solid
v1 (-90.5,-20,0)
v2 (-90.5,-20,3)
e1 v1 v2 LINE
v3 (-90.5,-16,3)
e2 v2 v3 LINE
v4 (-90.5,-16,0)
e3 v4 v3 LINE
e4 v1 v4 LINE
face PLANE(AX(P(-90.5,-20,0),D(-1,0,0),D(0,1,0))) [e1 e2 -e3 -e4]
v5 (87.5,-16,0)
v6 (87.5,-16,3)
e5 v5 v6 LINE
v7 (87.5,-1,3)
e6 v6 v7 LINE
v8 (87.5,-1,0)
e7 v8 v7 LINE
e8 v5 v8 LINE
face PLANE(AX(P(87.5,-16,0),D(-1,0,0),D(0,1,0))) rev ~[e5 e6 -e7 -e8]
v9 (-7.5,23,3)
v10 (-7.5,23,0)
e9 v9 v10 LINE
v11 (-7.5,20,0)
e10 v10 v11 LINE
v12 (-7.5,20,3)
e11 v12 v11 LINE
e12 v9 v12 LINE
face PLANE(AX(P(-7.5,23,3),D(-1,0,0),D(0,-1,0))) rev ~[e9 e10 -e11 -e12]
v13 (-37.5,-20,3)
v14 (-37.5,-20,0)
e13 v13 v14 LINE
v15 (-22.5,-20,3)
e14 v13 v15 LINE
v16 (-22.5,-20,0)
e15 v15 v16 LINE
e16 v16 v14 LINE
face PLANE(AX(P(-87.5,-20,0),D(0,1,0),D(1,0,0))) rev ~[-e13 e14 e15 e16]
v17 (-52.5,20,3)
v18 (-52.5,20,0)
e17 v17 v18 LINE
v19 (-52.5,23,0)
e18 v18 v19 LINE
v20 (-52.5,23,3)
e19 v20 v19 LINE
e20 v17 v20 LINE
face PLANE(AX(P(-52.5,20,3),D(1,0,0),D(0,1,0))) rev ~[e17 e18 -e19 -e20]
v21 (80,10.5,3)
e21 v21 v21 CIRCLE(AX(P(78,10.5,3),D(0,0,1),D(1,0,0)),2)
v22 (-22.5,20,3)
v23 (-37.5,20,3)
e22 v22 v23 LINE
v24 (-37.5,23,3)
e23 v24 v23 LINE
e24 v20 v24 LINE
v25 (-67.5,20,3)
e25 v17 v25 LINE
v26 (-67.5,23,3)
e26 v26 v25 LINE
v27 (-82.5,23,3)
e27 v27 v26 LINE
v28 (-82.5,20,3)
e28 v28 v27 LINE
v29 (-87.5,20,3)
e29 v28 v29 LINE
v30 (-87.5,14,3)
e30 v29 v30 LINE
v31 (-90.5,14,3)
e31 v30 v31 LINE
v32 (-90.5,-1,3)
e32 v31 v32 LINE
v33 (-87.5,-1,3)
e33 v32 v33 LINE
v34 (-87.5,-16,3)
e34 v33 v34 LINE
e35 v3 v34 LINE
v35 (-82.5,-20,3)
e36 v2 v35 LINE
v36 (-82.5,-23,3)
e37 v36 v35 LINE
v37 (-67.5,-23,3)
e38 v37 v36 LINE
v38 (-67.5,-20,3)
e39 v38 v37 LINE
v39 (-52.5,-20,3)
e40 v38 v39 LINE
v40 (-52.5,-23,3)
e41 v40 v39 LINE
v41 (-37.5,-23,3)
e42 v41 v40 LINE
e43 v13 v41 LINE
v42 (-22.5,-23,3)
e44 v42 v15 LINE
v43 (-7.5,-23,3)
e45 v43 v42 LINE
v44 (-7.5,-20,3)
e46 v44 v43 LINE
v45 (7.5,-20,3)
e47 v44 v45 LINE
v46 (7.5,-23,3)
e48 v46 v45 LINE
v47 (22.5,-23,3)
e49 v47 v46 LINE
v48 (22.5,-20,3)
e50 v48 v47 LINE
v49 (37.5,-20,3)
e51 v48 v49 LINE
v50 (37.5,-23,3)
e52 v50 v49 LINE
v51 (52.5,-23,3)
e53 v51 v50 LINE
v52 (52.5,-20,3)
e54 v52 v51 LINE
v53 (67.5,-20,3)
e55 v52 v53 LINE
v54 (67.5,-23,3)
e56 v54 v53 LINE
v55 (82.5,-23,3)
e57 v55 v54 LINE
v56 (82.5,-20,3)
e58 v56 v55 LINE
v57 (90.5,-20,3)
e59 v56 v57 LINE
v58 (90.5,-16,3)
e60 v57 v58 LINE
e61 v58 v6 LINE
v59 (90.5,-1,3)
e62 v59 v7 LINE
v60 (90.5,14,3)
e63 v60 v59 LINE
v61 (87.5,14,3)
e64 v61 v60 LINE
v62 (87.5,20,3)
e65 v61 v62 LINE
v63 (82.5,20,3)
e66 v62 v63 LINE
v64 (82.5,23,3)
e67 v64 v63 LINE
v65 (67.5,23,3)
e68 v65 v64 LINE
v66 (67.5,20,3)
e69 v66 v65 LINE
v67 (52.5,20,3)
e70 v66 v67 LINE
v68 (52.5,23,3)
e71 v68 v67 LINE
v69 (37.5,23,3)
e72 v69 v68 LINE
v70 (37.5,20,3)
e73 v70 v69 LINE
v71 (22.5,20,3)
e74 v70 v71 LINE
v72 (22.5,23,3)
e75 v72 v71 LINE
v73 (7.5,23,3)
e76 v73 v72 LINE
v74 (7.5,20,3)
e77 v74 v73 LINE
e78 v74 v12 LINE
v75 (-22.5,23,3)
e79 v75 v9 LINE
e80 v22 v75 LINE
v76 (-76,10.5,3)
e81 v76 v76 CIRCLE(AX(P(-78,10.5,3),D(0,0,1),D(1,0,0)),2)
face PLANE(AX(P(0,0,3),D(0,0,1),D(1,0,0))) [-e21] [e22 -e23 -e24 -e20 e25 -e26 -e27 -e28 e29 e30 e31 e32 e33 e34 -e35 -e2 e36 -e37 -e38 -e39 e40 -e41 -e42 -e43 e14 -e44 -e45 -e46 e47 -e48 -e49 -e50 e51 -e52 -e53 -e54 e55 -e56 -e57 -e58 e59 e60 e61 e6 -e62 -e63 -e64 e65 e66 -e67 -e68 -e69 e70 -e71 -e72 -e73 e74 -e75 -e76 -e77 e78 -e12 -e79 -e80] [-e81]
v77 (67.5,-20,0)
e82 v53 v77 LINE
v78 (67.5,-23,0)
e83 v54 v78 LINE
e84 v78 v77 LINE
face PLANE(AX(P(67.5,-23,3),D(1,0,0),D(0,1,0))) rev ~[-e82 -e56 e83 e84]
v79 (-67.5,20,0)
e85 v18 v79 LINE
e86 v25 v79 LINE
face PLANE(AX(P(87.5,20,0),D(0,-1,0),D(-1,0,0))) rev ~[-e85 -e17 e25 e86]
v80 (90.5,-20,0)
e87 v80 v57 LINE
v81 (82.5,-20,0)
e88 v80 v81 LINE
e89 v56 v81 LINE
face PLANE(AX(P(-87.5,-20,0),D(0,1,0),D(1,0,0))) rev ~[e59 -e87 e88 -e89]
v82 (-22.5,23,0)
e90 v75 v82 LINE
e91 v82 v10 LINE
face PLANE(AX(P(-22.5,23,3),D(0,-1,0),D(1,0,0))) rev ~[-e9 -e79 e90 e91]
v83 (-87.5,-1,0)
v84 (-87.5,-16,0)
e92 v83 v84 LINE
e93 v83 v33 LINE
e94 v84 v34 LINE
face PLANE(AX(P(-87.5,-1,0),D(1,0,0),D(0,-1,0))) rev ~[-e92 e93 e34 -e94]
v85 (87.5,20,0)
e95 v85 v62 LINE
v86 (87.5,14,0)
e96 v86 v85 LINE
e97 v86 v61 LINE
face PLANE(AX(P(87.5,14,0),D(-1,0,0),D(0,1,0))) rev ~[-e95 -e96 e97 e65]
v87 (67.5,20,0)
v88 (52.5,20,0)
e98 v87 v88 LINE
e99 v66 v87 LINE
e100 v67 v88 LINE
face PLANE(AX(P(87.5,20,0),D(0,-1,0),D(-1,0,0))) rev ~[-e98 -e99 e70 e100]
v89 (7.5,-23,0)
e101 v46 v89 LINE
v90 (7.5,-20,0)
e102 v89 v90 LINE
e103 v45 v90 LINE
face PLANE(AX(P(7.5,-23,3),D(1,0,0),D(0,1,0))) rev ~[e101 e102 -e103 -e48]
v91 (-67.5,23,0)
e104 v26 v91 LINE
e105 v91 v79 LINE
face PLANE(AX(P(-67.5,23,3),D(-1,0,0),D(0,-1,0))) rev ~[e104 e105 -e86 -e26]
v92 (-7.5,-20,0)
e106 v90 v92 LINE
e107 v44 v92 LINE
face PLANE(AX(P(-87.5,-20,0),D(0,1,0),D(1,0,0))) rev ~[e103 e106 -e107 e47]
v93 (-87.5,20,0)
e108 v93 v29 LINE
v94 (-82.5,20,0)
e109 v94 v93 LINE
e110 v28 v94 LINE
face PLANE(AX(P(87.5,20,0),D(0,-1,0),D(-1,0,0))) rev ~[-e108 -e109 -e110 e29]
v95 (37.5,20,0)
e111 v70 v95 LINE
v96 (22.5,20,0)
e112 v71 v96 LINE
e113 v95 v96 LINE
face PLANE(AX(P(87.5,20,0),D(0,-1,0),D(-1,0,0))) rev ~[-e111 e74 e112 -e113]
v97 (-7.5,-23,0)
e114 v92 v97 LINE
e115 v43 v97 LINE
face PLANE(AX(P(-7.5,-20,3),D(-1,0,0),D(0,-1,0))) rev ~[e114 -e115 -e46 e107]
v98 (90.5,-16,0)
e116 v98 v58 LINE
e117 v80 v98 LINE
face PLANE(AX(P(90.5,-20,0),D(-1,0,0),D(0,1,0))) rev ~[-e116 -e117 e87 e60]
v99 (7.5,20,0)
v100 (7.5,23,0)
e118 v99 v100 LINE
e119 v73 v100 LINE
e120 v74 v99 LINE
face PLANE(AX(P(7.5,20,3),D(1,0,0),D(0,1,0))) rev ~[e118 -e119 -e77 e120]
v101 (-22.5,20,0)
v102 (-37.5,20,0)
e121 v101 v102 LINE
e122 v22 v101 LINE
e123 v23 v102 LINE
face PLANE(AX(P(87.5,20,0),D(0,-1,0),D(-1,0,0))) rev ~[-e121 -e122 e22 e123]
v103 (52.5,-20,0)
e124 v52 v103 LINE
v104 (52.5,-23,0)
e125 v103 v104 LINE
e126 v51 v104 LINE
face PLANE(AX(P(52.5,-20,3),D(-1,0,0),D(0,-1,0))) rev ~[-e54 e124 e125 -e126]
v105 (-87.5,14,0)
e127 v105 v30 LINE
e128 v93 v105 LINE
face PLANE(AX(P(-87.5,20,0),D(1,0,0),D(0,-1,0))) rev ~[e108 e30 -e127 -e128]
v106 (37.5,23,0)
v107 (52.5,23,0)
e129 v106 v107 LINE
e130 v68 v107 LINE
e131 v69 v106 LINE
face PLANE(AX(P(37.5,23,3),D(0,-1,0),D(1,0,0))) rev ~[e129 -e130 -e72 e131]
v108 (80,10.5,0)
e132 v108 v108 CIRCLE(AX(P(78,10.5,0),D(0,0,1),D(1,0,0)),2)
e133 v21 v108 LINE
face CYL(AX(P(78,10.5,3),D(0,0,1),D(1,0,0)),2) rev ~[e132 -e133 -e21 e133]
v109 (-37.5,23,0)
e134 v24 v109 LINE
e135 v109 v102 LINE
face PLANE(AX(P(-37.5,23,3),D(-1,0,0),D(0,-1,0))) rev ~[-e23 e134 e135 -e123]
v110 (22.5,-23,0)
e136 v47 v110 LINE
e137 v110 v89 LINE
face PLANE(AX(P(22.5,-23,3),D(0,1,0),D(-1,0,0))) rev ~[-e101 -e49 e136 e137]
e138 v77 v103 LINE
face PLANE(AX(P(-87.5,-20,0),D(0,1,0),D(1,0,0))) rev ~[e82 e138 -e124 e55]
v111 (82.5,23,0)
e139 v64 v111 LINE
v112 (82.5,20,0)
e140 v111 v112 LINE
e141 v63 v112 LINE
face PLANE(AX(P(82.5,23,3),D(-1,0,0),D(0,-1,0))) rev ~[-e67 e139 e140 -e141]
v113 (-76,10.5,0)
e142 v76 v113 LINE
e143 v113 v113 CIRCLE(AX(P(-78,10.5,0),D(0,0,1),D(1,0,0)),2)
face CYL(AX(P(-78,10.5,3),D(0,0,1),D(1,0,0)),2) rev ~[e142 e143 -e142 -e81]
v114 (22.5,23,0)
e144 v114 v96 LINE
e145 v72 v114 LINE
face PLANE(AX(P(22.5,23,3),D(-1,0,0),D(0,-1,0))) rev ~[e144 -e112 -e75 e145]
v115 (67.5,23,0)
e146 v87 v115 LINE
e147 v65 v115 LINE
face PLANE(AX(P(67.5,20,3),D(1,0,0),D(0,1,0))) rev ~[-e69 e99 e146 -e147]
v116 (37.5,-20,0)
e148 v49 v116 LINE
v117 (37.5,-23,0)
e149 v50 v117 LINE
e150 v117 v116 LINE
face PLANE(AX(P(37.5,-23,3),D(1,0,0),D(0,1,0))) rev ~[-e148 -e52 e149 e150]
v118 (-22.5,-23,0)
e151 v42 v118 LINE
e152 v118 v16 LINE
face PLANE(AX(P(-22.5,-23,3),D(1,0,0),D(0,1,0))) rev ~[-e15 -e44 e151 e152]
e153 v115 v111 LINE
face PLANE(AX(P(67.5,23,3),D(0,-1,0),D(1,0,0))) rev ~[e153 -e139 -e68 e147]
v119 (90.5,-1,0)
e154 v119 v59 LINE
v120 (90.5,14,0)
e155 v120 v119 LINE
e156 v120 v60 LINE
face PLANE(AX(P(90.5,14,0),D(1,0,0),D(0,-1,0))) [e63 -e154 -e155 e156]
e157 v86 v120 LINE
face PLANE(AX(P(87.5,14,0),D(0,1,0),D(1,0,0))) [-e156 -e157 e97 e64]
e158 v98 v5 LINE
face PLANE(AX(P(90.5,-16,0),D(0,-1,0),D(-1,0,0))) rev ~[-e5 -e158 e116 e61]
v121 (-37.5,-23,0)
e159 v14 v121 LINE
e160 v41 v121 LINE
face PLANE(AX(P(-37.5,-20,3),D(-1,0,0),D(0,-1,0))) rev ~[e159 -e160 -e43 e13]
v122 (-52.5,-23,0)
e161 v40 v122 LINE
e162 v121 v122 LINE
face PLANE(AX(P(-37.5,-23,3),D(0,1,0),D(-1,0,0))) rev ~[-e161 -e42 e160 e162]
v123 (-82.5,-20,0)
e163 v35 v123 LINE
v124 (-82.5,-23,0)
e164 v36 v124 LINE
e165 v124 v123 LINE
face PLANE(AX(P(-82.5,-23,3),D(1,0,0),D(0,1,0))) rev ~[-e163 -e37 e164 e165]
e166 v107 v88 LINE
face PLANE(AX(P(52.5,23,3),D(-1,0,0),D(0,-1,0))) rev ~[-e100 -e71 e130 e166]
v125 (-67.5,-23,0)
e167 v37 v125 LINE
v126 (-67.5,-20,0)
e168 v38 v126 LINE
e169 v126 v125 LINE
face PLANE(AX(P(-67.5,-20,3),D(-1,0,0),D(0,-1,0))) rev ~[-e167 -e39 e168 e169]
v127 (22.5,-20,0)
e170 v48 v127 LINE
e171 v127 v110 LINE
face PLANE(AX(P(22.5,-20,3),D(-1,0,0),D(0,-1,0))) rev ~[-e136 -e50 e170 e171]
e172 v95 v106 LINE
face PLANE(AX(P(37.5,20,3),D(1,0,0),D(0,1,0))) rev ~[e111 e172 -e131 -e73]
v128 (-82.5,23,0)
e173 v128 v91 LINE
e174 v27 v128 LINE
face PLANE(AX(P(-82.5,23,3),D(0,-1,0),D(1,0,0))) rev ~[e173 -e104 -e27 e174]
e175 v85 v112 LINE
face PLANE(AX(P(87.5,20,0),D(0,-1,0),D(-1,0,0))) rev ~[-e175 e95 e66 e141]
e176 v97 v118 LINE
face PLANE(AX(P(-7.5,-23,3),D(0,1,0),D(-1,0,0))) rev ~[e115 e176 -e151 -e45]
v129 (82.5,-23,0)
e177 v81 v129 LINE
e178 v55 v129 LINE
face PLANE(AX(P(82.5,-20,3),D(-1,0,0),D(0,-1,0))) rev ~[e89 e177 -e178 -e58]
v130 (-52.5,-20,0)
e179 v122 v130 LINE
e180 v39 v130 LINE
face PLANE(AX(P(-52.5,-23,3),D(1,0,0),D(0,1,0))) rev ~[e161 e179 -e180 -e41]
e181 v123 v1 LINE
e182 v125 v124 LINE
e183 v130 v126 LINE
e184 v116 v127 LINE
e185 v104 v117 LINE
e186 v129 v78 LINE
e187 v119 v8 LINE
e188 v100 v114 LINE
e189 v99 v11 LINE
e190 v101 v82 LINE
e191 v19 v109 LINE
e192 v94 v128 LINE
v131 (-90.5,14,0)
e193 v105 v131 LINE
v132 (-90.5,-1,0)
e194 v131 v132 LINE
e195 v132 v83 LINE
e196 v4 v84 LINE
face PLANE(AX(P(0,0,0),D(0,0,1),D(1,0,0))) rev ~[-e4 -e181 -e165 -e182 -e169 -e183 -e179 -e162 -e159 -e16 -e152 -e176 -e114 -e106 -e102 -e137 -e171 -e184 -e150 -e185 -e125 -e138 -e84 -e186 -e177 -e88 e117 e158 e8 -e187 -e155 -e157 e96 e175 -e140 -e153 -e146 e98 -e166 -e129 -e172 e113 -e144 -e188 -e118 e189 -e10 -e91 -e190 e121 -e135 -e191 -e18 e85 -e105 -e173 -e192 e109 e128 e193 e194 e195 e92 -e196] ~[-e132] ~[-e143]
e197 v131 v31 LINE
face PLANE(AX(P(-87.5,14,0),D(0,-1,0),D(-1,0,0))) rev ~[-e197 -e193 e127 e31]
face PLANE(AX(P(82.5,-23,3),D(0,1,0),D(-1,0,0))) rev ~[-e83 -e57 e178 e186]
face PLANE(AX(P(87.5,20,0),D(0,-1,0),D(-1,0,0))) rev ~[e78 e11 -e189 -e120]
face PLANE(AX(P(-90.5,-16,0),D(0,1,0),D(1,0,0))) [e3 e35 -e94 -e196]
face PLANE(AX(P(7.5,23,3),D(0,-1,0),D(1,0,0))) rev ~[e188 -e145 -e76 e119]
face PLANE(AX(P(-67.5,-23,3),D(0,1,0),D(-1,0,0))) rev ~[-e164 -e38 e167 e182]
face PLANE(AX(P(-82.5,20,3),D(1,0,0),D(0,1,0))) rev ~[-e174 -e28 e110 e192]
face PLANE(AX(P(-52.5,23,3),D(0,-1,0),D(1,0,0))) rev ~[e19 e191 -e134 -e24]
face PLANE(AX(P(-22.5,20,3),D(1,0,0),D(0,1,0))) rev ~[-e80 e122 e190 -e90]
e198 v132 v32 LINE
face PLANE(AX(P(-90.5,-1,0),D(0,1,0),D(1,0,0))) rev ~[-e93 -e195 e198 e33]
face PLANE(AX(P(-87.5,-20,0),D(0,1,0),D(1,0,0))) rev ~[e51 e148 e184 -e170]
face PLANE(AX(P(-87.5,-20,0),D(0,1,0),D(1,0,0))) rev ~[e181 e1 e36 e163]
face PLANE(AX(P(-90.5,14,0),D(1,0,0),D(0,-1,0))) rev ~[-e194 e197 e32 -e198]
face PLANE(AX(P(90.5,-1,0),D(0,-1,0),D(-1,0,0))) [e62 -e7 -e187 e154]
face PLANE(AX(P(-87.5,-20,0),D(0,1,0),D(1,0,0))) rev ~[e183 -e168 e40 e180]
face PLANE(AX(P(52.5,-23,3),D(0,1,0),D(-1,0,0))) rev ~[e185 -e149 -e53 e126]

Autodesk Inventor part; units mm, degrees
ref_plane "YZ Plane" through (0, 0, 0) normal (1, 0, 0) x (0, 1, 0)
ref_plane "XZ Plane" through (0, 0, 0) normal (0, 1, 0) x (-1, 0, 0)
ref_plane "XY Plane" through (0, 0, 0) normal (0, 0, 1) x (1, 0, 0)
sketch "Sketch1" plane through (0, 0, 0) normal (0, 0, 1) x (1, 0, 0)
  line L0 (-87.5, -20) -> (87.5, -20)
  line L1 (87.5, -20) -> (87.5, 20)
  line L2 (87.5, 20) -> (-87.5, 20)
  line L3 (-87.5, 20) -> (-87.5, -20)
  line L4 (-87.5, -20) -> (87.5, 20) construction
  line L5 (87.5, -20) -> (-87.5, 20) construction
  line L6 (-87.5, 14) -> (-90.5, 14)
  line L7 (-90.5, 14) -> (-90.5, -1)
  line L8 (-90.5, -1) -> (-87.5, -1)
  line L9 (-87.5, -1) -> (-87.5, 14)
  line L10 (-87.5, -20) -> (-90.5, -20)
  line L11 (-90.5, -20) -> (-90.5, -16)
  line L12 (-90.5, -16) -> (-87.5, -16)
  line L13 (-87.5, -16) -> (-87.5, -20)
  line L14 (0, 20) -> (0, -20) construction
  line L15 (87.5, 14) -> (90.5, 14)
  line L16 (90.5, 14) -> (90.5, -1)
  line L17 (90.5, -1) -> (87.5, -1)
  line L18 (87.5, -1) -> (87.5, 14)
  line L19 (87.5, -20) -> (90.5, -20)
  line L20 (90.5, -20) -> (90.5, -16)
  line L21 (90.5, -16) -> (87.5, -16)
  line L22 (87.5, -16) -> (87.5, -20)
  point P0 (0, 0)
  dimension "d0" = 175
  dimension "d1" = 40
  dimension "d2" = 3
  dimension "d3" = 15
  dimension "d4" = 6
  dimension "d5" = 3
  dimension "d6" = 15
extrude "Extrusion1" add sketch "Sketch1" along normal blind 3
sketch "Sketch2" plane through (0, 0, 3) normal (0, 0, 1) x (1, 0, 0)
  line L0 (-90.5, -20) -> (90.5, -20)
  line L1 (-82.5, -20) -> (-67.5, -20)
  line L2 (-67.5, -20) -> (-67.5, -23)
  line L3 (-67.5, -23) -> (-82.5, -23)
  line L4 (-82.5, -23) -> (-82.5, -20)
  line L5 (-52.5, -20) -> (-37.5, -20)
  line L6 (-37.5, -20) -> (-37.5, -23)
  line L7 (-37.5, -23) -> (-52.5, -23)
  line L8 (-52.5, -23) -> (-52.5, -20)
  line L9 (-22.5, -20) -> (-7.5, -20)
  line L10 (-7.5, -20) -> (-7.5, -23)
  line L11 (-7.5, -23) -> (-22.5, -23)
  line L12 (-22.5, -23) -> (-22.5, -20)
  line L13 (7.5, -20) -> (22.5, -20)
  line L14 (22.5, -20) -> (22.5, -23)
  line L15 (22.5, -23) -> (7.5, -23)
  line L16 (7.5, -23) -> (7.5, -20)
  line L17 (37.5, -20) -> (52.5, -20)
  line L18 (52.5, -20) -> (52.5, -23)
  line L19 (52.5, -23) -> (37.5, -23)
  line L20 (37.5, -23) -> (37.5, -20)
  line L21 (67.5, -20) -> (82.5, -20)
  line L22 (82.5, -20) -> (82.5, -23)
  line L23 (82.5, -23) -> (67.5, -23)
  line L24 (67.5, -23) -> (67.5, -20)
  line L25 (-82.5, 23) -> (-67.5, 23)
  line L26 (-67.5, 23) -> (-67.5, 20)
  line L27 (-67.5, 20) -> (-82.5, 20)
  line L28 (-82.5, 20) -> (-82.5, 23)
  line L29 (-52.5, 23) -> (-37.5, 23)
  line L30 (-37.5, 23) -> (-37.5, 20)
  line L31 (-37.5, 20) -> (-52.5, 20)
  line L32 (-52.5, 20) -> (-52.5, 23)
  line L33 (-22.5, 23) -> (-7.5, 23)
  line L34 (-7.5, 23) -> (-7.5, 20)
  line L35 (-7.5, 20) -> (-22.5, 20)
  line L36 (-22.5, 20) -> (-22.5, 23)
  line L37 (7.5, 23) -> (22.5, 23)
  line L38 (22.5, 23) -> (22.5, 20)
  line L39 (22.5, 20) -> (7.5, 20)
  line L40 (7.5, 20) -> (7.5, 23)
  line L41 (37.5, 23) -> (52.5, 23)
  line L42 (52.5, 23) -> (52.5, 20)
  line L43 (52.5, 20) -> (37.5, 20)
  line L44 (37.5, 20) -> (37.5, 23)
  line L45 (67.5, 23) -> (82.5, 23)
  line L46 (82.5, 23) -> (82.5, 20)
  line L47 (82.5, 20) -> (67.5, 20)
  line L48 (67.5, 20) -> (67.5, 23)
  line L49 (-90.5, -16) -> (-90.5, -20) projected
  line L50 (-87.5, -16) -> (-90.5, -16) projected
  point P0 (0, 0)
  point P1 (0, 0)
  dimension "d13" = 15
  dimension "d14" = 3
  dimension "d16" = 30
  dimension "d17" = 43
  dimension "d18" = 8
  dimension "d19" = 4
extrude "Extrusion2" add sketch "Sketch2" against normal blind 3
sketch "Sketch3" plane through (0, 0, 3) normal (0, 0, 1) x (1, 0, 0)
  circle A0 centre (-78, 10.5) radius 2
  circle A1 centre (78, 10.5) radius 2
  line L0 (87.5, 14) -> (87.5, 20) projected
  line L1 (87.5, 20) -> (82.5, 20) projected
  line L2 (-52.5, 20) -> (-67.5, 20) projected
  line L3 (-87.5, 20) -> (-87.5, 14) projected
  point P0 (0, 0)
  dimension "d22" = 4
  dimension "d23" = 4
  dimension "d24" = 9.5
  dimension "d25" = 9.5
  dimension "d26" = 9.5
  dimension "d27" = 9.5
extrude "Extrusion3" cut sketch "Sketch3" against normal blind 10
equation "\"BendRadius\" = Thickness"
equation "\"BendReliefWidth\" = Thickness"
equation "\"BendReliefDepth\" = 0.5 * Thickness"
equation "\"CornerReliefSize\" = 4 * Thickness"
equation "\"MinimumRemnant\" = 2 * Thickness"
equation "\"TransitionRadius\" = BendRadius"
equation "\"JacobiRadiusSize\" = BendRadius"
equation "\"GapSize\" = Thickness"
equation "\"Thickness\" = 0.5"
properties part number "13 achter plaat LCD"
